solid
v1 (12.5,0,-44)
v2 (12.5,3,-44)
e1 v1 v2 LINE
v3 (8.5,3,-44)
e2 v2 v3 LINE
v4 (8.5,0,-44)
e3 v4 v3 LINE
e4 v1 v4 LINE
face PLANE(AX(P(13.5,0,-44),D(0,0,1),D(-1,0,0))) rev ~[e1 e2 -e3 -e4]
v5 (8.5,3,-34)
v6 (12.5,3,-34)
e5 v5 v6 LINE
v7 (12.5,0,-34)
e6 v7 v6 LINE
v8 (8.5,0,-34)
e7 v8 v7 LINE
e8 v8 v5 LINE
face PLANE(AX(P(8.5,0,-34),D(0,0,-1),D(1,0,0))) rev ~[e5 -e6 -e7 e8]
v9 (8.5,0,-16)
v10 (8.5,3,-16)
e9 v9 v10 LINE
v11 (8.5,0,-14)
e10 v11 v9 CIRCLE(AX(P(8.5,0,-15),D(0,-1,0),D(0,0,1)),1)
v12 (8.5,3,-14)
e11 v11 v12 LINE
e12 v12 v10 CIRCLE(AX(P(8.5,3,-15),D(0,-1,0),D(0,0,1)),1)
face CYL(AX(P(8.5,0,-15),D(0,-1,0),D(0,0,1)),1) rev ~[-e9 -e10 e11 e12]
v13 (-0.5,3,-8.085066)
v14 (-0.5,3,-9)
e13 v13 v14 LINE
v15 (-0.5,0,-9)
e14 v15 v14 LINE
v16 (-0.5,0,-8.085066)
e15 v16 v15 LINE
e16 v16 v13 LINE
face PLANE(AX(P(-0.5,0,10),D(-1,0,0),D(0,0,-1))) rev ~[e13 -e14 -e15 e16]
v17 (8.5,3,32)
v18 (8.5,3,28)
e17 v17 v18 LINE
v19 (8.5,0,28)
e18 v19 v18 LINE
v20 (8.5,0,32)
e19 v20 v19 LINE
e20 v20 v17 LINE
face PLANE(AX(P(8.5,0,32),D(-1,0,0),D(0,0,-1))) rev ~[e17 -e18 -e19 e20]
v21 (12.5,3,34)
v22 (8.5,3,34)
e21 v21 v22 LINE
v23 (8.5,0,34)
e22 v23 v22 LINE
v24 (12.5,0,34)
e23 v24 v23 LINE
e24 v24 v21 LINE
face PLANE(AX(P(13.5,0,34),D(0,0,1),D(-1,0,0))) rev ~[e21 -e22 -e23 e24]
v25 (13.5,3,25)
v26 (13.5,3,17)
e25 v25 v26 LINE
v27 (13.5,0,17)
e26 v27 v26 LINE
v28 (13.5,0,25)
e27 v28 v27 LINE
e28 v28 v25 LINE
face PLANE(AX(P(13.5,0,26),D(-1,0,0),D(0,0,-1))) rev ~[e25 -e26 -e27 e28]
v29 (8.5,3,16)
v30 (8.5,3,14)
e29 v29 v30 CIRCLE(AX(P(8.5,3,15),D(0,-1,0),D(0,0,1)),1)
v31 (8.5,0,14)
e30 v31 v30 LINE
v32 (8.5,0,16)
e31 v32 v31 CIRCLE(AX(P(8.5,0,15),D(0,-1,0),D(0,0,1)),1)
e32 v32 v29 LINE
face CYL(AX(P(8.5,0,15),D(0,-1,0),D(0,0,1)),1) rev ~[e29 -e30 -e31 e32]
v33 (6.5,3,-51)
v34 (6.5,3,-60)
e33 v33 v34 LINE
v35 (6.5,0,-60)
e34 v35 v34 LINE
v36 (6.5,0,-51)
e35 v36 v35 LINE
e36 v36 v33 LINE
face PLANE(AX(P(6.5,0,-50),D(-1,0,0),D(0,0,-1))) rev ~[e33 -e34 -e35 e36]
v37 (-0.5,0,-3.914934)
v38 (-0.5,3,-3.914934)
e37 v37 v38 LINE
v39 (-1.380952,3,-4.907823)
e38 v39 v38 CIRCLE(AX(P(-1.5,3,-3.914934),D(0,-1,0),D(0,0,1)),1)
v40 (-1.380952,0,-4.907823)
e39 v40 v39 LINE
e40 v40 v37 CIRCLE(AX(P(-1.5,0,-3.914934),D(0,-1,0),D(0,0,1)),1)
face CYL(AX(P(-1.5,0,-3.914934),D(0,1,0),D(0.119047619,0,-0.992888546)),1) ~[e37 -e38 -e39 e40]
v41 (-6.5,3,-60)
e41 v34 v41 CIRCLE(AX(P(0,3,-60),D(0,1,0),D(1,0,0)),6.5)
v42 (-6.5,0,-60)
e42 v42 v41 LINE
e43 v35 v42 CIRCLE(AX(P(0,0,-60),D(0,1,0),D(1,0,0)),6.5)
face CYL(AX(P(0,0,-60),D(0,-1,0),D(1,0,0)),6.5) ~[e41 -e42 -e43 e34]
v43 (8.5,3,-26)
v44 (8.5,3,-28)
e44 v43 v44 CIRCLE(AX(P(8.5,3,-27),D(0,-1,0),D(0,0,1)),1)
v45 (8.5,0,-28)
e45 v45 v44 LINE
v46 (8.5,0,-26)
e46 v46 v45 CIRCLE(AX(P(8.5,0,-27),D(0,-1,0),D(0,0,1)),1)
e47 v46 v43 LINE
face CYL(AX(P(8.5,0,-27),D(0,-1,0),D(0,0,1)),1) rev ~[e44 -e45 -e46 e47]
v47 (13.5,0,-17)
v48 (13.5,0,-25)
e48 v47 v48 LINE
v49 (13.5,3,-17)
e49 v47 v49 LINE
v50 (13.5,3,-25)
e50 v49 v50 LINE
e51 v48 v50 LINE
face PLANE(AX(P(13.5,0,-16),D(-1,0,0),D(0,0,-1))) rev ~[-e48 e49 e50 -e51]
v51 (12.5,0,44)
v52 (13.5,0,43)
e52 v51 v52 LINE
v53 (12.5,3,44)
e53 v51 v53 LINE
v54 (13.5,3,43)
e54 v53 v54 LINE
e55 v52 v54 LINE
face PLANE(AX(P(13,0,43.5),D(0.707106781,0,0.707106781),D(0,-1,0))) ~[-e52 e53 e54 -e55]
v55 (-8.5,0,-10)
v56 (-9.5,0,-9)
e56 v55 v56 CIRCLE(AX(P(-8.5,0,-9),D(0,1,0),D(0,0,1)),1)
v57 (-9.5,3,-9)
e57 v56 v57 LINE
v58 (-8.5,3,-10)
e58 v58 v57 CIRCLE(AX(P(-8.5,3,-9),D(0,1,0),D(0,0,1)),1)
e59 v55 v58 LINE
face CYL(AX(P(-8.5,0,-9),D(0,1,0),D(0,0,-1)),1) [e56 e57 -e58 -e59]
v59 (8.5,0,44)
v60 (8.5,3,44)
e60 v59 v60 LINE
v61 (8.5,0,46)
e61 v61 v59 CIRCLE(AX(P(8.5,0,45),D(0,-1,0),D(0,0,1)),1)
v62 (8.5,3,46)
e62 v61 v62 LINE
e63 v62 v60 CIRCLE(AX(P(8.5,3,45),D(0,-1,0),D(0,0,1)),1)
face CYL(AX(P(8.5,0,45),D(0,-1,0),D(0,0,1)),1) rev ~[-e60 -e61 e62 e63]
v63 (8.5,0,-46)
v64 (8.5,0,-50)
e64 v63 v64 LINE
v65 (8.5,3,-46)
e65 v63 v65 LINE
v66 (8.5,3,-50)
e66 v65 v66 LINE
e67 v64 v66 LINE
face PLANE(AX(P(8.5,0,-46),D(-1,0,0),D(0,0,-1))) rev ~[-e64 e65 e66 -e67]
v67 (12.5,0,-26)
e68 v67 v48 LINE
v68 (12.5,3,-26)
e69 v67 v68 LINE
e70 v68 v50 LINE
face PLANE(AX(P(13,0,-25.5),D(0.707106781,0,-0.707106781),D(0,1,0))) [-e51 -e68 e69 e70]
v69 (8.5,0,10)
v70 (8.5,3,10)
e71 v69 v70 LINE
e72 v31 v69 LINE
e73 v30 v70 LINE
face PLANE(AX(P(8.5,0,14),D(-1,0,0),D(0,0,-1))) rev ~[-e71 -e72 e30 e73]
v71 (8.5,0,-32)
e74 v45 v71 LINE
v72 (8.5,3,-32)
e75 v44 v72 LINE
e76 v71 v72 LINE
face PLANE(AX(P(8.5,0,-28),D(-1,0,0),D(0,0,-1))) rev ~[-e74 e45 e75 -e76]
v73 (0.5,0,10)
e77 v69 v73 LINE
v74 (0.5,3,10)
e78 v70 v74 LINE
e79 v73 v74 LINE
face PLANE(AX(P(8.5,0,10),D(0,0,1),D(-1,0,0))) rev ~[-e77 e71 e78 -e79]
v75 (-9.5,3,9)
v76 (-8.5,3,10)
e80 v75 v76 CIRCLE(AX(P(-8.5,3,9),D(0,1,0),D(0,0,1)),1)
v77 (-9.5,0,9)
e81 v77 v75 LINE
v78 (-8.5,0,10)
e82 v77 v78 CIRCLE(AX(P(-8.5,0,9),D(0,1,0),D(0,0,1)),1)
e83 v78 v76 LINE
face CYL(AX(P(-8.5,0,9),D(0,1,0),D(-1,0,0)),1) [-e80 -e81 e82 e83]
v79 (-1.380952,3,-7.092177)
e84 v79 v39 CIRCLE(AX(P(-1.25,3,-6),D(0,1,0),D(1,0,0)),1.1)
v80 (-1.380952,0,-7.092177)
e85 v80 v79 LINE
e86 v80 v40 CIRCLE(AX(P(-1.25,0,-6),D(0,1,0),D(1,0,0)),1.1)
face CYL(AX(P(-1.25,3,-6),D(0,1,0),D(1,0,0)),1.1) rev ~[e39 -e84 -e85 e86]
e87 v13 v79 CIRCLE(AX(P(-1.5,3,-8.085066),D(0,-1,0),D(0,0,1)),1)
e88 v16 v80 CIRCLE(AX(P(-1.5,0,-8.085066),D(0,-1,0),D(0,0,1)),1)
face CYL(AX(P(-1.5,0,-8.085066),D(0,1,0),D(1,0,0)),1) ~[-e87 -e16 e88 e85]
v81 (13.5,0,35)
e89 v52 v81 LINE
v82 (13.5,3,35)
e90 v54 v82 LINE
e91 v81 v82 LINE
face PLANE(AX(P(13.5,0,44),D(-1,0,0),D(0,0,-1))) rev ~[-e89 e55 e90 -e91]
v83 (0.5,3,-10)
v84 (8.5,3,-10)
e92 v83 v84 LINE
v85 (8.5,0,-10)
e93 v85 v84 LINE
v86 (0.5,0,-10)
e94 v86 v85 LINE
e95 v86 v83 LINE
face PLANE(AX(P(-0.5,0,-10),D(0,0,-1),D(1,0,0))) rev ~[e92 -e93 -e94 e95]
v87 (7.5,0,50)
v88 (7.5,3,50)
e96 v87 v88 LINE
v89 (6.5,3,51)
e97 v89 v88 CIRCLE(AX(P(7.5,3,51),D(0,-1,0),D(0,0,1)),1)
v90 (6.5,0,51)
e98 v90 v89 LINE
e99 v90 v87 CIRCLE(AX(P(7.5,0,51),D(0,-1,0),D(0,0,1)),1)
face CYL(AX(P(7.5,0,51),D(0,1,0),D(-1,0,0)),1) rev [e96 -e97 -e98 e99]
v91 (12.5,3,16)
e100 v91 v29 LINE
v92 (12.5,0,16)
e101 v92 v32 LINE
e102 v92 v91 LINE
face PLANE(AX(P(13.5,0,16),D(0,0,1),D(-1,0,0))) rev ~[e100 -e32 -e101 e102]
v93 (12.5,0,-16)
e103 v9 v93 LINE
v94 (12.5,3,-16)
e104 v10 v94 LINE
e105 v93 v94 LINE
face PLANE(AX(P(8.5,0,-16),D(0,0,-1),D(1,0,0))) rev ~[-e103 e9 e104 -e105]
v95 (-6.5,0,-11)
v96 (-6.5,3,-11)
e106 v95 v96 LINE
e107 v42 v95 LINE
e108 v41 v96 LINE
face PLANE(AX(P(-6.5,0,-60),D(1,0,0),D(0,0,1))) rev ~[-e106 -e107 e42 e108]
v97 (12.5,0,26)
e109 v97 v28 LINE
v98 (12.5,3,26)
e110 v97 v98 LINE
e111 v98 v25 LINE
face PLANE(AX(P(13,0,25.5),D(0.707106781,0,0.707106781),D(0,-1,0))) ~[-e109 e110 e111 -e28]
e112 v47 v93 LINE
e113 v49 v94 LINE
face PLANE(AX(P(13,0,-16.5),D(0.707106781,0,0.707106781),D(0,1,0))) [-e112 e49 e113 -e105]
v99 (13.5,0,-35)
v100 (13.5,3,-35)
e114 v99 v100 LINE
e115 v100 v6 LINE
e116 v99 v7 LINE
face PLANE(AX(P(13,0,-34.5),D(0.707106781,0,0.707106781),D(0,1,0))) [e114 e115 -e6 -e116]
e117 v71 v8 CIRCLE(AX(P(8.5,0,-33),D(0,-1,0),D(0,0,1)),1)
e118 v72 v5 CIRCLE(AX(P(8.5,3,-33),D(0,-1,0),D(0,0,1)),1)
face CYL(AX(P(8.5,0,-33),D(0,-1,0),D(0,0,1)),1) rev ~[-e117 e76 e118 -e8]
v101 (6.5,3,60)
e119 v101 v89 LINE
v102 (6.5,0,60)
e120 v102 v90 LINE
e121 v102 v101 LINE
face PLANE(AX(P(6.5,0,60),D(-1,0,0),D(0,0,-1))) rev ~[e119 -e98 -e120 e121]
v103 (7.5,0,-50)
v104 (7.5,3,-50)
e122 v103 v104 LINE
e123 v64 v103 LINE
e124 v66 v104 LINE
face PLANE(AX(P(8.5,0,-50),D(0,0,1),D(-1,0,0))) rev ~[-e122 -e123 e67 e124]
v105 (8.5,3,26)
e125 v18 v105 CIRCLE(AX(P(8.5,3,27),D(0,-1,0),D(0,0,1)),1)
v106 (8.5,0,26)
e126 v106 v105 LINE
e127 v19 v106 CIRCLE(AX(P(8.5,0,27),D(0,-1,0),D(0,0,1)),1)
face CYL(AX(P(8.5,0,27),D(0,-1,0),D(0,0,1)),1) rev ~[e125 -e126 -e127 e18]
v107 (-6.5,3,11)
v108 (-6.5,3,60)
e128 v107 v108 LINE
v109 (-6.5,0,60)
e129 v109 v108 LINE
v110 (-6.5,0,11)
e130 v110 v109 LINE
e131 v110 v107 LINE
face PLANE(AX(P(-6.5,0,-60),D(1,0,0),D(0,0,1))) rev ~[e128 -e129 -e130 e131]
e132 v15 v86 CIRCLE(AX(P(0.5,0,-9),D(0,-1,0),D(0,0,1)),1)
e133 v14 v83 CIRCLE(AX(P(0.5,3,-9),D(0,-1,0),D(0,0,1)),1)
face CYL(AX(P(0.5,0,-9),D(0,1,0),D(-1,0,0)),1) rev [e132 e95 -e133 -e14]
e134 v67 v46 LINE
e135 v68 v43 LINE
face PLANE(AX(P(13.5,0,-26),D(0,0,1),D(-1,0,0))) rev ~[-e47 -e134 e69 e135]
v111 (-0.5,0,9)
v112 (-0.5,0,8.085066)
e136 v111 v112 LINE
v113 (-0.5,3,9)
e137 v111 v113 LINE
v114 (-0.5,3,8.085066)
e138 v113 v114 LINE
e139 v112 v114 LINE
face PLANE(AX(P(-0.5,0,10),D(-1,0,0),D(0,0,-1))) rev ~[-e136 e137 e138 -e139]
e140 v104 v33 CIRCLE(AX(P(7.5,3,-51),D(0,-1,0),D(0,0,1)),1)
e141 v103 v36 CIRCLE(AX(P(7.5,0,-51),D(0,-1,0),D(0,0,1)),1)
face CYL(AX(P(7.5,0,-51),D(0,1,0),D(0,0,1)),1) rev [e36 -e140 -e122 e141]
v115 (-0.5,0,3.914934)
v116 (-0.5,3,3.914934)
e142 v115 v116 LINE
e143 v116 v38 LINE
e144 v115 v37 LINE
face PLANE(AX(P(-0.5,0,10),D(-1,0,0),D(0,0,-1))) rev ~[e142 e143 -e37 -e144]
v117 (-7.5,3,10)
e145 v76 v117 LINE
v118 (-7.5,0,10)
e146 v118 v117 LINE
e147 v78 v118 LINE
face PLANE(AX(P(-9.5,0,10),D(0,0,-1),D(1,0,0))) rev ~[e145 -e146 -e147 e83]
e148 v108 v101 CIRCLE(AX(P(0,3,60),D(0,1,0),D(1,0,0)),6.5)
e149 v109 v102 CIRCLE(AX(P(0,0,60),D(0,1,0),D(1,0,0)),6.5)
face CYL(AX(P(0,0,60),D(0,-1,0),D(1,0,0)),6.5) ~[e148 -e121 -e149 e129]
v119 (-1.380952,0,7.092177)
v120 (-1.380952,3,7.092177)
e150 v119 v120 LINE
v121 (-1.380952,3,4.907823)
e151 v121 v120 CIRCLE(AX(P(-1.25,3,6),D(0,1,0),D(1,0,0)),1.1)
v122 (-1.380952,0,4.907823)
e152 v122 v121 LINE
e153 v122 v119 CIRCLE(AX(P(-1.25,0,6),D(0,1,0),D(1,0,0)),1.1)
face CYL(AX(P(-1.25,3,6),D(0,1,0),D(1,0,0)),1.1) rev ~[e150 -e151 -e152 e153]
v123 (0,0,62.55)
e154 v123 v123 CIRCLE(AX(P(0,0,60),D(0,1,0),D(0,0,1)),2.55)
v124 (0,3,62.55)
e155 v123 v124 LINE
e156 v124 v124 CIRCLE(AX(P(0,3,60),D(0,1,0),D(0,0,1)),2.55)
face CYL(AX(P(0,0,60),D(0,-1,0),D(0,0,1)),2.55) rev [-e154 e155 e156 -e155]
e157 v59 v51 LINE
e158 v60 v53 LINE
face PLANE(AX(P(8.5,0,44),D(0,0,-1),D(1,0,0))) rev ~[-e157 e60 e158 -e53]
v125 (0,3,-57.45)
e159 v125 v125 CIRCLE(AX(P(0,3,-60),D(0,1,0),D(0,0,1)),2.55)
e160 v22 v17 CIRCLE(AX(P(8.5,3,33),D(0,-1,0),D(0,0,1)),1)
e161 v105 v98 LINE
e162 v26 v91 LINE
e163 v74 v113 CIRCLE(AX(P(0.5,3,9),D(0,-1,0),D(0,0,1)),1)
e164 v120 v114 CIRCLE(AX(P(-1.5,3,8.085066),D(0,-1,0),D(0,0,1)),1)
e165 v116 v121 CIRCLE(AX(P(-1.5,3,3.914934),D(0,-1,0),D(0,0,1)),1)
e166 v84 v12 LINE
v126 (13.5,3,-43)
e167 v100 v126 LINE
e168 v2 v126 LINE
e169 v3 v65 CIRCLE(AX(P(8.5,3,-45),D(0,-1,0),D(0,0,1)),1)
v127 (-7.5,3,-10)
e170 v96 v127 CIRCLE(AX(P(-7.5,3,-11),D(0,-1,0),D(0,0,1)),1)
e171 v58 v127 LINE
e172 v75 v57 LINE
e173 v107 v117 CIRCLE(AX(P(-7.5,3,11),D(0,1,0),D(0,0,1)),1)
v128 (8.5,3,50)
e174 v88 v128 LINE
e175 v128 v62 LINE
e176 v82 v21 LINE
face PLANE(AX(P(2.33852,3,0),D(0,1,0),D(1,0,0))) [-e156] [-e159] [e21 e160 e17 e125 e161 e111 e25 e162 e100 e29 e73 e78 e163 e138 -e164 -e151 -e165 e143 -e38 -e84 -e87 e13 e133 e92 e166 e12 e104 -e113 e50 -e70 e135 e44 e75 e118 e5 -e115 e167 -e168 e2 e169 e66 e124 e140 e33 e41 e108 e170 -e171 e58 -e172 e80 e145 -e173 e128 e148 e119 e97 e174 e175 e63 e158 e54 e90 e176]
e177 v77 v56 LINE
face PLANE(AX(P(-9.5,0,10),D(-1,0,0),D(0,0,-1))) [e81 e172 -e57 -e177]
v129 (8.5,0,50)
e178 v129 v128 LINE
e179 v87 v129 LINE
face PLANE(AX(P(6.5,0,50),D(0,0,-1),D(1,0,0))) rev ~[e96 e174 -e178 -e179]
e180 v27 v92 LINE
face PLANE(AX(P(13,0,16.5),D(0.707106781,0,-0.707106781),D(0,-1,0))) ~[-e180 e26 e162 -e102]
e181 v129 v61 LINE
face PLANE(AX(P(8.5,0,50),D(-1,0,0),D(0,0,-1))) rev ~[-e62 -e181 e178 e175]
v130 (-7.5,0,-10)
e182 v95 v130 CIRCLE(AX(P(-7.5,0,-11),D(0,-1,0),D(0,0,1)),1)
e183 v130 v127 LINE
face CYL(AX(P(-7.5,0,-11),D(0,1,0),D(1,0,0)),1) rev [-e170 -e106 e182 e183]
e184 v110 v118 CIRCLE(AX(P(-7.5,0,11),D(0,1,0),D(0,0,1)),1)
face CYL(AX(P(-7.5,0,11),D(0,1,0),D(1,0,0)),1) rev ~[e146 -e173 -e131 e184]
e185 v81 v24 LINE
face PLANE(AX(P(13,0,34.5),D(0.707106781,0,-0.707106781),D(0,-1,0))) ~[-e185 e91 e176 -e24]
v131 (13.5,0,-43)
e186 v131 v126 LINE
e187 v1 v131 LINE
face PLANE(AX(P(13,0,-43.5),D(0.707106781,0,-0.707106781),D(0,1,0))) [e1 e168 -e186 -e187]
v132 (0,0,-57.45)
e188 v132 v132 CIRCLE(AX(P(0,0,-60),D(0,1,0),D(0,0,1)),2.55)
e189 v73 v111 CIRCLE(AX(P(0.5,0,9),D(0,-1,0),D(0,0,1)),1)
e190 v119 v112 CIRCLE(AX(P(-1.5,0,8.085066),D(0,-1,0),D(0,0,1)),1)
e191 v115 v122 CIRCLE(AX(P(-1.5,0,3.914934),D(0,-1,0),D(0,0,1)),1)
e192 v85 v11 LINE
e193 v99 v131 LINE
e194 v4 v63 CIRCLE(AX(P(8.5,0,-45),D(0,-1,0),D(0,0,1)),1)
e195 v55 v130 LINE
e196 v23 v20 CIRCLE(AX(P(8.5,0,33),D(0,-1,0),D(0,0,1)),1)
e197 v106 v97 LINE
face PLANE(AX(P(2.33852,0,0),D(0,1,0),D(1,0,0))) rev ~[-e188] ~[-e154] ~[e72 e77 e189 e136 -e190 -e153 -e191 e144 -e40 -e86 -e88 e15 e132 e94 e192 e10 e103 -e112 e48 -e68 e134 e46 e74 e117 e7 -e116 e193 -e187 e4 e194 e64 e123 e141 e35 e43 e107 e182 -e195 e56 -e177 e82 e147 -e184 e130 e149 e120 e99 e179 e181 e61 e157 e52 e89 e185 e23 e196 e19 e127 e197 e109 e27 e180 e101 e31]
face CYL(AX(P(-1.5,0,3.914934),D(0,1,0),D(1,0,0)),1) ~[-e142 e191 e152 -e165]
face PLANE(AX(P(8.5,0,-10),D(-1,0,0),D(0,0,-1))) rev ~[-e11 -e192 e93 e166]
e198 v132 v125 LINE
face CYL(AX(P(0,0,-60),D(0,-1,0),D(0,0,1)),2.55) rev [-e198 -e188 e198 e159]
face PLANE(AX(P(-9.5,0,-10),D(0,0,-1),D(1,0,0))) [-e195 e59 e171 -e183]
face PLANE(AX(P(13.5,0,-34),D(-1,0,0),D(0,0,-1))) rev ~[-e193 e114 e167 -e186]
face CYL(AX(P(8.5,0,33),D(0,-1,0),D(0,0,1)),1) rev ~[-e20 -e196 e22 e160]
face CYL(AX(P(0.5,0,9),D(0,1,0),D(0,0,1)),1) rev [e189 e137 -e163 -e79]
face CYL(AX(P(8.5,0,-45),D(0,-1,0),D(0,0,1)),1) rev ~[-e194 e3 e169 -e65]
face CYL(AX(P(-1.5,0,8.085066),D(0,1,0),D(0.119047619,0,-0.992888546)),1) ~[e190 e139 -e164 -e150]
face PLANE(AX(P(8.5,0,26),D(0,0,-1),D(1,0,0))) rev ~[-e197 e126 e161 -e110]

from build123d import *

# Parameters (mm, degrees)
SKETCH_1_R          = 6.5
SKETCH_1_R_2        = 2.55
SKETCH_1_W          = 3
SKETCH_1_H          = 20
EXTRUDE_1_DEPTH     = 3
FILLET_1_R          = 1
CHAMFER_1_SIZE      = 1
SKETCH_2_R          = 1.1
CUT_EXTRUDE_1_DEPTH = 68.922750239
FILLET_2_R          = 1


with BuildPart() as part:
    # 草图1 → 凸台-拉伸1 (new body)
    # profile 1 of 4: a face of its own
    with BuildSketch(Plane(origin=(0, 0, 0), x_dir=(1, 0, 0), z_dir=(0, 1, 0))):
        with BuildLine():
            ThreePointArc((6.5, 60), (0, 53.5), (-6.5, 60))
            Line((-6.5, 60), (-6.5, 10))
            Line((-6.5, 10), (-6.5, -10))
            Line((-6.5, -10), (-6.5, -60))
            ThreePointArc((-6.5, -60), (0, -53.5), (6.5, -60))
            Line((6.5, -60), (6.5, -50))
            Line((6.5, -50), (8.5, -50))
            Line((8.5, -50), (8.5, -46))
            ThreePointArc((8.5, -46), (7.5, -45), (8.5, -44))
            Line((8.5, -44), (13.5, -44))
            Line((13.5, -44), (13.5, -34))
            Line((13.5, -34), (8.5, -34))
            ThreePointArc((8.5, -34), (7.5, -33), (8.5, -32))
            Line((8.5, -32), (8.5, -28))
            ThreePointArc((8.5, -28), (7.5, -27), (8.5, -26))
            Line((8.5, -26), (13.5, -26))
            Line((13.5, -26), (13.5, -16))
            Line((13.5, -16), (8.5, -16))
            ThreePointArc((8.5, -16), (7.5, -15), (8.5, -14))
            Line((8.5, -14), (8.5, -10))
            Line((8.5, -10), (-0.5, -10))
            Line((-0.5, -10), (-0.5, 10))
            Line((-0.5, 10), (8.5, 10))
            Line((8.5, 10), (8.5, 14))
            ThreePointArc((8.5, 14), (7.5, 15), (8.5, 16))
            Line((8.5, 16), (13.5, 16))
            Line((13.5, 16), (13.5, 26))
            Line((13.5, 26), (8.5, 26))
            ThreePointArc((8.5, 26), (7.5, 27), (8.5, 28))
            Line((8.5, 28), (8.5, 32))
            ThreePointArc((8.5, 32), (7.5, 33), (8.5, 34))
            Line((8.5, 34), (13.5, 34))
            Line((13.5, 34), (13.5, 44))
            Line((13.5, 44), (8.5, 44))
            ThreePointArc((8.5, 44), (7.5, 45), (8.5, 46))
            Line((8.5, 46), (8.5, 50))
            Line((8.5, 50), (6.5, 50))
            Line((6.5, 50), (6.5, 60))
        make_face()
    # profile 2 of 4: a face of its own
    with BuildSketch(Plane(origin=(0, 0, 0), x_dir=(1, 0, 0), z_dir=(0, 1, 0))):
        with Locations((0, -60)):
            Circle(SKETCH_1_R)
        with Locations(Location((0, -60, 0), (0, 0, 270))):
            Circle(SKETCH_1_R_2, mode=Mode.SUBTRACT)
    # profile 3 of 4: a face of its own
    with BuildSketch(Plane(origin=(0, 0, 0), x_dir=(1, 0, 0), z_dir=(0, 1, 0))):
        with Locations((0, 60)):
            Circle(SKETCH_1_R)
        with Locations(Location((0, 60, 0), (0, 0, 270))):
            Circle(SKETCH_1_R_2, mode=Mode.SUBTRACT)
    # profile 4 of 4: a face of its own
    with BuildSketch(Plane(origin=(0, 0, 0), x_dir=(1, 0, 0), z_dir=(0, 1, 0))):
        with Locations((-8, 0)):
            Rectangle(SKETCH_1_W, SKETCH_1_H)
    extrude(amount=EXTRUDE_1_DEPTH)

    # 圆角1
    fillet_1_edges = [part.edges().sort_by_distance(p)[0] for p in [
        (6.5, 1.5, 50),
        (-6.5, 1.5, 10),
        (-9.5, 1.5, 10),
        (-9.5, 1.5, -10),
        (-6.5, 1.5, -10),
        (6.5, 1.5, -50),
        (-0.5, 1.5, -10),
        (-0.5, 1.5, 10),
    ]]
    fillet(fillet_1_edges, radius=FILLET_1_R)

    # 倒角1
    chamfer_1_edges = [part.edges().sort_by_distance(p)[0] for p in [
        (13.5, 1.5, 16),
        (13.5, 1.5, 26),
        (13.5, 1.5, 34),
        (13.5, 1.5, 44),
        (13.5, 1.5, -44),
        (13.5, 1.5, -34),
        (13.5, 1.5, -26),
        (13.5, 1.5, -16),
    ]]
    chamfer(chamfer_1_edges, length=CHAMFER_1_SIZE)

    # 草图2 → 切除-拉伸1 (cut, through all)
    with BuildSketch(Plane(origin=(0, 3, 0), x_dir=(1, 0, 0), z_dir=(0, 1, 0))):
        with Locations((6.75, 6)):
            Circle(SKETCH_2_R)
        with Locations((-1.25, 6)):
            Circle(SKETCH_2_R)
        with Locations((6.75, -6)):
            Circle(SKETCH_2_R)
        with Locations((-1.25, -6)):
            Circle(SKETCH_2_R)
    extrude(amount=-CUT_EXTRUDE_1_DEPTH, mode=Mode.SUBTRACT)

    # 圆角2
    fillet_2_edges = [part.edges().sort_by_distance(p)[0] for p in [
        (-0.5, 1.5, -6.804673847),
        (-0.5, 1.5, -5.195326153),
        (-0.5, 1.5, 5.195326153),
        (-0.5, 1.5, 6.804673847),
    ]]
    fillet(fillet_2_edges, radius=FILLET_2_R)


solid = part.part
